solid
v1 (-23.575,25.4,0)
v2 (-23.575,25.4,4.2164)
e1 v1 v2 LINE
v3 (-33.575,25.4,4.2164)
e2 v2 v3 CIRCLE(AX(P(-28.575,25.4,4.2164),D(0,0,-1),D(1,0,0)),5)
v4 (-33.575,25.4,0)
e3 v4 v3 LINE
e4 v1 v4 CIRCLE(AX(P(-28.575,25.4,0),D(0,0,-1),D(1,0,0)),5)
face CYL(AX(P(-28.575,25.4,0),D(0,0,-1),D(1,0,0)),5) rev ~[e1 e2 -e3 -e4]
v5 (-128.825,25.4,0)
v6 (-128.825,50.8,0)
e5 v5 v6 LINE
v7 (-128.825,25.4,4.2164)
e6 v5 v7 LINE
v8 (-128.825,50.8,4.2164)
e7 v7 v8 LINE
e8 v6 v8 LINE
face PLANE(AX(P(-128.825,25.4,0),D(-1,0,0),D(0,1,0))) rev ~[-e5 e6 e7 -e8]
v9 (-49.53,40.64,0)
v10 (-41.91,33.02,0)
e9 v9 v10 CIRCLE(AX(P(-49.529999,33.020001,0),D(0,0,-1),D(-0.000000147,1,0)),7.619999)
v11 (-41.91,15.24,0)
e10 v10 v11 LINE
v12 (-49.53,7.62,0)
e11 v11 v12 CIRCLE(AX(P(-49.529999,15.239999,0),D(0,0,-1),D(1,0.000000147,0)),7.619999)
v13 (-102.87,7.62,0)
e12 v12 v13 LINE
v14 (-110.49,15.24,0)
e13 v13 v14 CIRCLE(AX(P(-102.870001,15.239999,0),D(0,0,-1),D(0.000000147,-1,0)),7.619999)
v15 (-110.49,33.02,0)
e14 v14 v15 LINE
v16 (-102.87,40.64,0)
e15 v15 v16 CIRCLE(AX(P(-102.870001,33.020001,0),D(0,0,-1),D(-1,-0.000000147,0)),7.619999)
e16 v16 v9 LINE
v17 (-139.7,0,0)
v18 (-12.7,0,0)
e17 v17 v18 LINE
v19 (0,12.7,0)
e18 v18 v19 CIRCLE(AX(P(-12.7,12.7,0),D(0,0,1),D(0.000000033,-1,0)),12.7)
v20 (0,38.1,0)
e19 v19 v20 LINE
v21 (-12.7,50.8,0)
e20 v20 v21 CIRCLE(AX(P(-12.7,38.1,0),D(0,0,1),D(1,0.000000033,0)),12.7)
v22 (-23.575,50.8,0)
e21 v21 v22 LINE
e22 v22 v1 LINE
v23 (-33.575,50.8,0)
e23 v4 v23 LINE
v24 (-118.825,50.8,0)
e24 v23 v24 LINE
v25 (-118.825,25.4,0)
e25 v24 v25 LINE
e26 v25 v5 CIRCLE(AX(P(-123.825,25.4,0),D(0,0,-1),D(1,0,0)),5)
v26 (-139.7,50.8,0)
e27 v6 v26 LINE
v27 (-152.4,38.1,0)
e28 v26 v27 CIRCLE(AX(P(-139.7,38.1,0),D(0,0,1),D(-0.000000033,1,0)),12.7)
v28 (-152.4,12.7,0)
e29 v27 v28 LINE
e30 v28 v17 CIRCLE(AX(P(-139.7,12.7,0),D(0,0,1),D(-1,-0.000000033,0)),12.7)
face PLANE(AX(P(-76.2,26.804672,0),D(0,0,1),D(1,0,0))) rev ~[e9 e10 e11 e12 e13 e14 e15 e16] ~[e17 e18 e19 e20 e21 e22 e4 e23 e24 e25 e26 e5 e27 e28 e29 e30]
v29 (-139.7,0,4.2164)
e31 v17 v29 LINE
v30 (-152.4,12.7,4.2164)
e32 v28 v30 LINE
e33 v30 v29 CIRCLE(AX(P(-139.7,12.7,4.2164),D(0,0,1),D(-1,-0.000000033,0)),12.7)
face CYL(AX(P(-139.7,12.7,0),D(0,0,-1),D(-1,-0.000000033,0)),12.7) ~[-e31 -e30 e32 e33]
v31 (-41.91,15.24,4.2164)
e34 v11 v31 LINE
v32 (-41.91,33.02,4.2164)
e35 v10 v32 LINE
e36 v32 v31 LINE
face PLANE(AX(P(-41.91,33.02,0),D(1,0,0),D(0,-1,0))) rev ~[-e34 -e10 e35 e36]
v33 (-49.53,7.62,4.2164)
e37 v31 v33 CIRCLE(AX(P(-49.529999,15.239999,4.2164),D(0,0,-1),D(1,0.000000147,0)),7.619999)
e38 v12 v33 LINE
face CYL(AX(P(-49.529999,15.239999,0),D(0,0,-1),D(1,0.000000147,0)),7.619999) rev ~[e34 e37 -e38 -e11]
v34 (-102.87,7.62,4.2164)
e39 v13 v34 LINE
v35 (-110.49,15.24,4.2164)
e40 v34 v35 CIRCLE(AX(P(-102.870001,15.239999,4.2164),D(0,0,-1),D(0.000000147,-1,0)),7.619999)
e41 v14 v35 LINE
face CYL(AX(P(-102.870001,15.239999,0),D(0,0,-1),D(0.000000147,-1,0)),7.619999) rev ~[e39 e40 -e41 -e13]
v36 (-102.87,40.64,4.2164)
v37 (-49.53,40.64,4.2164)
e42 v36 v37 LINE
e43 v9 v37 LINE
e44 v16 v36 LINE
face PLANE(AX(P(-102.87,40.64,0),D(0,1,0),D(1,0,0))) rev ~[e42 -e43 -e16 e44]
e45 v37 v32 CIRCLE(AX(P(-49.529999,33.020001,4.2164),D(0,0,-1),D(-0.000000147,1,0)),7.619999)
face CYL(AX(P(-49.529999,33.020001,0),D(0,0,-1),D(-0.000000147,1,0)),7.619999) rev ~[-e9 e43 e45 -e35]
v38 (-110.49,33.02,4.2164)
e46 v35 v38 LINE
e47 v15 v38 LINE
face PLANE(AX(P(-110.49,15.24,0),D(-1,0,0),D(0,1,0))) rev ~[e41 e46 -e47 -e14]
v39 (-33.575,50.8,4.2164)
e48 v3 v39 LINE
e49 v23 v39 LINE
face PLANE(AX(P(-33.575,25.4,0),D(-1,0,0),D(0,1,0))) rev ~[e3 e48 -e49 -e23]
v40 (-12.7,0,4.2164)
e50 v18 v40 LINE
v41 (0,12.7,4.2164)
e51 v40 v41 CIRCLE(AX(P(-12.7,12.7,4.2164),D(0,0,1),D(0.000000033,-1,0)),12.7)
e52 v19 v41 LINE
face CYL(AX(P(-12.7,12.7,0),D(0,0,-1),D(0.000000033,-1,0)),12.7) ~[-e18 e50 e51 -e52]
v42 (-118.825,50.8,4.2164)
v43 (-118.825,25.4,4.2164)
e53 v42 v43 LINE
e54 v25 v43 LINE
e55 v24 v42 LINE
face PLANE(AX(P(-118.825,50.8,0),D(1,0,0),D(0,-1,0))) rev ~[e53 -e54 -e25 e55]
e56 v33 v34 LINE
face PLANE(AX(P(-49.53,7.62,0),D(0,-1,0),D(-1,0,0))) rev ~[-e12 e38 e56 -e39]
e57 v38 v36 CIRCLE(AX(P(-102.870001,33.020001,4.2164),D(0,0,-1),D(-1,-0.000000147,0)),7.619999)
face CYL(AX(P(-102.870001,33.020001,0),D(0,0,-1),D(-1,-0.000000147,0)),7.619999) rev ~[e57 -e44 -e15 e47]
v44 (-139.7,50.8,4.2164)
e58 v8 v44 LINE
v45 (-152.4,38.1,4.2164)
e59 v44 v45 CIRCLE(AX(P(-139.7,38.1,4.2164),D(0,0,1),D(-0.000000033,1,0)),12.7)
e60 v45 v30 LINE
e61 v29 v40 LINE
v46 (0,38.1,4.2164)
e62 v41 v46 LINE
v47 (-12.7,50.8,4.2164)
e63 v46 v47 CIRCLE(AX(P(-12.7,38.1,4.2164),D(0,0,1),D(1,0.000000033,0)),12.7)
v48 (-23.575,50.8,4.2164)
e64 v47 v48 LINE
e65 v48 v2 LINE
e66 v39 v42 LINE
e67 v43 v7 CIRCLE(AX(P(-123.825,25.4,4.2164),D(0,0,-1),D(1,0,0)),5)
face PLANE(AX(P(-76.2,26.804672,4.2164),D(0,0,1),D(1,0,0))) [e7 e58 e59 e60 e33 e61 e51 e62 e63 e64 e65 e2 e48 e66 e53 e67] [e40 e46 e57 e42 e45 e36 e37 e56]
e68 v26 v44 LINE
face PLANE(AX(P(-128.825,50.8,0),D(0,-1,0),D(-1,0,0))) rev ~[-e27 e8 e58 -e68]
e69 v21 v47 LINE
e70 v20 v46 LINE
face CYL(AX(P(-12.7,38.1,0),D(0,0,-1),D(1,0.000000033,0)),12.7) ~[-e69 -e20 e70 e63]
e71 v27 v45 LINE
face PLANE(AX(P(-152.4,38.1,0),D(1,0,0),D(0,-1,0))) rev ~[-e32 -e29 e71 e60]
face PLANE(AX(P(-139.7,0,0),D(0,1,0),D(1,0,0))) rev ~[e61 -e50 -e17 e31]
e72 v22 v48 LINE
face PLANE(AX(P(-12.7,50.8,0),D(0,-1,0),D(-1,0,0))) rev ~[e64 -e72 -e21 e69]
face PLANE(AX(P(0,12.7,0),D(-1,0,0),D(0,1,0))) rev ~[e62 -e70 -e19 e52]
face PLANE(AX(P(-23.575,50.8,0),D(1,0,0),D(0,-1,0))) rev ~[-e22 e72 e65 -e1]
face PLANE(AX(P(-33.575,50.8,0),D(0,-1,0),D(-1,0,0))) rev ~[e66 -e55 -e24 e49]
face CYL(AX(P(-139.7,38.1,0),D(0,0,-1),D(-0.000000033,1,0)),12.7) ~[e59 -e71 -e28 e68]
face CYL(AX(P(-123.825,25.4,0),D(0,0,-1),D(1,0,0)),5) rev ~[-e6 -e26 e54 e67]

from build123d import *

# Parameters (mm, degrees)
F1_DEPTH = 4.2164


with BuildPart() as f1:
    # F0 (on Top) → F1 (new body)
    with BuildSketch(Plane.XY):
        with BuildLine():
            Line((-128.825, 50.8), (-139.7, 50.8))
            ThreePointArc((-139.7, 50.8), (-148.680256, 47.080256), (-152.4, 38.1))
            Line((-152.4, 38.1), (-152.4, 12.7))
            ThreePointArc((-152.4, 12.7), (-148.680256, 3.719744), (-139.7, 0))
            Line((-139.7, 0), (-12.7, 0))
            ThreePointArc((-12.7, 0), (-3.719744, 3.719744), (0, 12.7))
            Line((0, 12.7), (0, 38.1))
            ThreePointArc((0, 38.1), (-3.719744, 47.080256), (-12.7, 50.8))
            Line((-12.7, 50.8), (-23.575, 50.8))
            Line((-23.575, 50.8), (-23.575, 25.4))
            ThreePointArc((-23.575, 25.4), (-28.575, 20.4), (-33.575, 25.4))
            Line((-33.575, 25.4), (-33.575, 50.8))
            Line((-33.575, 50.8), (-118.825, 50.8))
            Line((-118.825, 50.8), (-118.825, 25.4))
            ThreePointArc((-118.825, 25.4), (-123.825, 20.4), (-128.825, 25.4))
            Line((-128.825, 25.4), (-128.825, 50.8))
        make_face()
        with BuildLine():
            ThreePointArc((-110.49, 33.02), (-108.258154, 38.408154), (-102.87, 40.64))
            Line((-102.87, 40.64), (-49.53, 40.64))
            ThreePointArc((-49.53, 40.64), (-44.141846, 38.408154), (-41.91, 33.02))
            Line((-41.91, 33.02), (-41.91, 15.24))
            ThreePointArc((-41.91, 15.24), (-44.141846, 9.851846), (-49.53, 7.62))
            Line((-49.53, 7.62), (-102.87, 7.62))
            ThreePointArc((-102.87, 7.62), (-108.258154, 9.851846), (-110.49, 15.24))
            Line((-110.49, 15.24), (-110.49, 33.02))
        make_face(mode=Mode.SUBTRACT)
    extrude(amount=F1_DEPTH)


solid = f1.part
